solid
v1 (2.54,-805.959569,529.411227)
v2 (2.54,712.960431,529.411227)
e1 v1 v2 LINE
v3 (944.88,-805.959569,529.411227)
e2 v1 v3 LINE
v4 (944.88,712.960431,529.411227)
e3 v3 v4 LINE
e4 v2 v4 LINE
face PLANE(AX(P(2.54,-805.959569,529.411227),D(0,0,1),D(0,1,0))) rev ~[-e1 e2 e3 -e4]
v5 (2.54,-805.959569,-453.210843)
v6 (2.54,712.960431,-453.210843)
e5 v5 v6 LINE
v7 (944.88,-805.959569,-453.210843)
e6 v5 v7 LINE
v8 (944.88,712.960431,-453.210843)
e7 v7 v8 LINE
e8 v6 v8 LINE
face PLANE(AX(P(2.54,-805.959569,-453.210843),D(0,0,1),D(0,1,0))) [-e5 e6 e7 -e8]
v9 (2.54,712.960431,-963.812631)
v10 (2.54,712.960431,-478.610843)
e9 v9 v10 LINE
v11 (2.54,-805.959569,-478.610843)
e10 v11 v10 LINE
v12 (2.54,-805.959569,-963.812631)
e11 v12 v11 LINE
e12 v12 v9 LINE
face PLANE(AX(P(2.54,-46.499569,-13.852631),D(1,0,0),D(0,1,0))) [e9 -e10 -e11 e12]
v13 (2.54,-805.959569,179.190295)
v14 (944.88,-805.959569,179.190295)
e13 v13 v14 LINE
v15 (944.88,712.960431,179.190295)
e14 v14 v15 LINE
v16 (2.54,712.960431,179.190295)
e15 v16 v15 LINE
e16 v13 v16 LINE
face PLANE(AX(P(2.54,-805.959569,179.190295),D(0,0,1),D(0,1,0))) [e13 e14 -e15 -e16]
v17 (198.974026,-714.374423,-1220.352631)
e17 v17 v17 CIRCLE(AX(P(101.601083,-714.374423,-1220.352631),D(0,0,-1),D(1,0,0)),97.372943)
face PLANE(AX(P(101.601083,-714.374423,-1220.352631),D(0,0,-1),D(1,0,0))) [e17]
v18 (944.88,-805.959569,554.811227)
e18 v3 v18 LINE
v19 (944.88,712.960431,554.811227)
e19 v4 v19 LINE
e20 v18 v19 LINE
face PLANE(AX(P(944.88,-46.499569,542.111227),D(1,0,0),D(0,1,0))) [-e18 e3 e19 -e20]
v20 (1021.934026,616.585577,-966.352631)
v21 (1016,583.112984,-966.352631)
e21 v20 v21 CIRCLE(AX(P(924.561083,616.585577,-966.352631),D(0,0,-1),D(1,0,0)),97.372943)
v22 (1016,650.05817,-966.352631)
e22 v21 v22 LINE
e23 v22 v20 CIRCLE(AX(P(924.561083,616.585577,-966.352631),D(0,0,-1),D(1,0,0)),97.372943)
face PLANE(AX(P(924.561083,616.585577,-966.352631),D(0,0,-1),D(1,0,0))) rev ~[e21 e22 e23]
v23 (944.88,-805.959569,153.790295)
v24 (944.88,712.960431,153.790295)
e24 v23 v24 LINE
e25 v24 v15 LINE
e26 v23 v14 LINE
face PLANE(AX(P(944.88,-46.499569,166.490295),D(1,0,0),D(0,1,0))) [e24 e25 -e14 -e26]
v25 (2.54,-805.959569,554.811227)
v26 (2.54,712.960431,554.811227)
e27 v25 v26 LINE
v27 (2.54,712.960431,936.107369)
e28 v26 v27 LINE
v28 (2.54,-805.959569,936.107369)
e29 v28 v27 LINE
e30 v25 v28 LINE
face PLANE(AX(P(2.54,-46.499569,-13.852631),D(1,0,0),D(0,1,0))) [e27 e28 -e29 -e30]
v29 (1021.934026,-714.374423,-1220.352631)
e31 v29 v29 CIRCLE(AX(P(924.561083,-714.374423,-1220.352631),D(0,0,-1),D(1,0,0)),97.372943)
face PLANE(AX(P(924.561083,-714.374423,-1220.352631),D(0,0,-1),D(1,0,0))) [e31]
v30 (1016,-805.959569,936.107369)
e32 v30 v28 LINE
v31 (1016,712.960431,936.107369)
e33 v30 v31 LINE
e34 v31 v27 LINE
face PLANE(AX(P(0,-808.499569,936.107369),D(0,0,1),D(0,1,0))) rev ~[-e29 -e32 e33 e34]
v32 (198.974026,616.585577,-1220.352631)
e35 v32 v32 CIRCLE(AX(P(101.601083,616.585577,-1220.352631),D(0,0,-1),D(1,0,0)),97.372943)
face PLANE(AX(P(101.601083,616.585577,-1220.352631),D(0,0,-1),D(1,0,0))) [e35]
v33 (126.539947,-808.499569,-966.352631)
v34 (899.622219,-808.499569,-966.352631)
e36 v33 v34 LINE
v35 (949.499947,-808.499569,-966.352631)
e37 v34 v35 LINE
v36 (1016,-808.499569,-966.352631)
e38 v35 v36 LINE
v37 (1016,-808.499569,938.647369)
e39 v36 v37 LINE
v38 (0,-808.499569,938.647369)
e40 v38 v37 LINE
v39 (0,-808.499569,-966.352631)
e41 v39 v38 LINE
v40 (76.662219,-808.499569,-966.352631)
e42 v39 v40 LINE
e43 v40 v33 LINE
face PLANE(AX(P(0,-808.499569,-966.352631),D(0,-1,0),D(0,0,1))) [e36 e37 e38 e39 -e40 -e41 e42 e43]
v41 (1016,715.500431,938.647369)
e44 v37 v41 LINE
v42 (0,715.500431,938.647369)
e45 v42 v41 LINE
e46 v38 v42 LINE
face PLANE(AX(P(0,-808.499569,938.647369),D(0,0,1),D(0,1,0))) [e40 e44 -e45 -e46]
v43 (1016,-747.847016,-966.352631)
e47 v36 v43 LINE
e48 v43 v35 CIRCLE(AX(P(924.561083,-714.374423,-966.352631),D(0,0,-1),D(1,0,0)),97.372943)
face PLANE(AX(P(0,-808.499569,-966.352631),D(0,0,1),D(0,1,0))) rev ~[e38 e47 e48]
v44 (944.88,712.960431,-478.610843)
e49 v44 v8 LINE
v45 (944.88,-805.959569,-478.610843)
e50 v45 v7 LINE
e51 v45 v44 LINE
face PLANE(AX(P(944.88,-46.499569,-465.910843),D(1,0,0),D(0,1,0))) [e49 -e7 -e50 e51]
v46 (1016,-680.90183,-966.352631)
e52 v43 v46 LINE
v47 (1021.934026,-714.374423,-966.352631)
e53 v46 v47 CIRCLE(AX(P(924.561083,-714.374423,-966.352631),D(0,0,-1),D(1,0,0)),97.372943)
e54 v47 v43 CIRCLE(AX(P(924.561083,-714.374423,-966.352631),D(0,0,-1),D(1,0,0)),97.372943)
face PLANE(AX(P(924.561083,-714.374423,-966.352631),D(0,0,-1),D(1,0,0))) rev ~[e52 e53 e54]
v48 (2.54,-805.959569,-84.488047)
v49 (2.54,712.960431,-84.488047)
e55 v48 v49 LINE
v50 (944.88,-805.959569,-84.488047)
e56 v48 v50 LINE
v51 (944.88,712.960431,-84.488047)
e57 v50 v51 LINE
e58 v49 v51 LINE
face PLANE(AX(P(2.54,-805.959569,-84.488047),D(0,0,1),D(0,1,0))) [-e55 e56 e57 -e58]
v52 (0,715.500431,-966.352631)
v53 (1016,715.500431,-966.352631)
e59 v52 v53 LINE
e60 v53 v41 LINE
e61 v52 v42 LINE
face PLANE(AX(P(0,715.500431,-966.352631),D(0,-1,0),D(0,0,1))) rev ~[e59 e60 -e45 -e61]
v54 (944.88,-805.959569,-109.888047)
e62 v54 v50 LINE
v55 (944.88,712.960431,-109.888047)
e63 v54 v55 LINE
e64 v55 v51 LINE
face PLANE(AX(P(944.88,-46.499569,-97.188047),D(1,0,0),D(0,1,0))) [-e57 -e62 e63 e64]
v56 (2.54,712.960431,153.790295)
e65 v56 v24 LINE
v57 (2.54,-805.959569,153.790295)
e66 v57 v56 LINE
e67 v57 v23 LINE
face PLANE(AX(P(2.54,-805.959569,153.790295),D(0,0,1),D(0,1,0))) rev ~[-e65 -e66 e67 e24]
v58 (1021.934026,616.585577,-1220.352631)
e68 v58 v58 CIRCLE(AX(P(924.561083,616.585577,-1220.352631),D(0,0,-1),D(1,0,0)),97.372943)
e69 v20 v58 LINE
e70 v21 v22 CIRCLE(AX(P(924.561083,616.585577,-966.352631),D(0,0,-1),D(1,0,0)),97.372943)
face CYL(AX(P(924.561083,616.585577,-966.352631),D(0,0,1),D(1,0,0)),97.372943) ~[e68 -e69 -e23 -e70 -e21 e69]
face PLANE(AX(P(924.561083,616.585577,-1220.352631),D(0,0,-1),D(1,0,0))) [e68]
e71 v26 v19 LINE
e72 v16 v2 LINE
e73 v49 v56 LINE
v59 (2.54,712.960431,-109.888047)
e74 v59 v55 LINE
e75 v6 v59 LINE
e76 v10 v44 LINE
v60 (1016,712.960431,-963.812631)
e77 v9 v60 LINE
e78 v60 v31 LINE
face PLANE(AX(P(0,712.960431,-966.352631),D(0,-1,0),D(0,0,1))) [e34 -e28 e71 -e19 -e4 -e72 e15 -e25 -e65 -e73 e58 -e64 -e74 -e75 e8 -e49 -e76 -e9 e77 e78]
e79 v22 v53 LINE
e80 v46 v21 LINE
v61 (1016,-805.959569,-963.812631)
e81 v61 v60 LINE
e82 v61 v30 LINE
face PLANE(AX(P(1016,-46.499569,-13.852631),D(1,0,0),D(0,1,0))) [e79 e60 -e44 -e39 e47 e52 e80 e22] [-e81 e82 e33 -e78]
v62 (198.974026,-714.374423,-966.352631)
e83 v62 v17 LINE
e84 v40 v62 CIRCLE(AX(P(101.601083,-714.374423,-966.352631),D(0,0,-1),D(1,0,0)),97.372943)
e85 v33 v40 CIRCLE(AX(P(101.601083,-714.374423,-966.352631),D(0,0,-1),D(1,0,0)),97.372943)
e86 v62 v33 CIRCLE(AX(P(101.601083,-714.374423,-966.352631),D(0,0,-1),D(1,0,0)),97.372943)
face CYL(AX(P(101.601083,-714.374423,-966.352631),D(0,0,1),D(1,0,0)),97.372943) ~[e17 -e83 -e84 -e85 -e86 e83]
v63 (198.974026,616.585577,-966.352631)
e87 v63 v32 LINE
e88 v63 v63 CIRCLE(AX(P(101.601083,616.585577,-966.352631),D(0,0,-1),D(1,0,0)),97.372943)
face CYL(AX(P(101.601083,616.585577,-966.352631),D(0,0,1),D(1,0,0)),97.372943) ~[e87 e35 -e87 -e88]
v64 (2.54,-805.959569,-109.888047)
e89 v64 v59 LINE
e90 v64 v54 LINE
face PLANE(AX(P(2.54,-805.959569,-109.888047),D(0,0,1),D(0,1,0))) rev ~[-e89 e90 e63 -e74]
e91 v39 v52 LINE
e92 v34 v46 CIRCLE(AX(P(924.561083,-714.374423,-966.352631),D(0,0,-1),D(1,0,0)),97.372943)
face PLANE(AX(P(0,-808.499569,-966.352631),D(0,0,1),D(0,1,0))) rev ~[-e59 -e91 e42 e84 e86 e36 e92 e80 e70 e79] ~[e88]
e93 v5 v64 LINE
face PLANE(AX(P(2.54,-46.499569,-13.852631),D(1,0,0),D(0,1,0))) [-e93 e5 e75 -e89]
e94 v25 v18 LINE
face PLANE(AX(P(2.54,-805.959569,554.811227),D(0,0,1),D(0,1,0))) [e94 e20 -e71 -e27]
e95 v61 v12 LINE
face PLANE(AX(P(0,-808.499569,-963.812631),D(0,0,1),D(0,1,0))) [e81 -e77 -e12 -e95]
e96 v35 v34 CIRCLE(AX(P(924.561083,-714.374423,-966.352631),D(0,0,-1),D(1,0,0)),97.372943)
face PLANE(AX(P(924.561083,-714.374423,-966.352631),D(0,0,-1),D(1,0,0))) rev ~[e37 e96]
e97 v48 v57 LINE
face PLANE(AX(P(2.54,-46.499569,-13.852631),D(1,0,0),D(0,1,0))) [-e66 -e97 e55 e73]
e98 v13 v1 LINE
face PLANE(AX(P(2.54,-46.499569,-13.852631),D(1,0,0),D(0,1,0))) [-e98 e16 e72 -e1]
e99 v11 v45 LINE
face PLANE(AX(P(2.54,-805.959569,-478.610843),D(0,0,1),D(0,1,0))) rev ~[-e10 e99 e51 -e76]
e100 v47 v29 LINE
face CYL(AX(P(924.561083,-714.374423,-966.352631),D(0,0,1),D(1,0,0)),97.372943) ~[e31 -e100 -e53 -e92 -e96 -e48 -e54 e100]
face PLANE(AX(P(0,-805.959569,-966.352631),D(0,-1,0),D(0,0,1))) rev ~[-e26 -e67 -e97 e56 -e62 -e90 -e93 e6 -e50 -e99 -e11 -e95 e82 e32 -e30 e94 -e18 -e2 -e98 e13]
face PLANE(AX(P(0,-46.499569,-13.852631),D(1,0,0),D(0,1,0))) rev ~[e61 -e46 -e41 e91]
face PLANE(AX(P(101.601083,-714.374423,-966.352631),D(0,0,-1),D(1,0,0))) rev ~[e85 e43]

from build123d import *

# Parameters (mm, degrees)
F0_W     = 1524
F0_H     = 1905
F1_DEPTH = 1016
F2_T     = -2.54
F3_W     = 1518.92
F3_H     = 25.4
F4_DEPTH = 942.34
F5_R     = 97.372943
F6_DEPTH = 254


with BuildPart() as f1:
    # F0 (on Right) → F1 (new body)
    with BuildSketch(Plane.YZ):
        with Locations((-46.499569, -13.852631)):
            Rectangle(F0_W, F0_H)
    extrude(amount=F1_DEPTH)

    # F2
    f2_openings = [f1.faces().sort_by_distance(p)[0] for p in [
        (1016, -46.499569, -13.852631),
    ]]
    offset(amount=F2_T, openings=f2_openings)

    # F3 (on face) → F4 (join)
    with BuildSketch(Plane.YZ.offset(2.54)):
        with Locations((-46.499569, -465.910843)):
            Rectangle(F3_W, F3_H)
        with Locations((-46.499569, 542.111227)):
            Rectangle(F3_W, F3_H)
        with Locations((-46.499569, 166.490295)):
            Rectangle(F3_W, F3_H)
        with Locations((-46.499569, -97.188047)):
            Rectangle(F3_W, F3_H)
    extrude(amount=F4_DEPTH)

    # F5 (on face) → F6 (join)
    with BuildSketch(Plane(origin=(0, 0, -966.352631), x_dir=(1, 0, 0), z_dir=(0, 0, -1))):
        with Locations((924.561083, 714.374423)):
            Circle(F5_R)
        with Locations((924.561083, -616.585577)):
            Circle(F5_R)
        with Locations((101.601083, 714.374423)):
            Circle(F5_R)
        with Locations((101.601083, -616.585577)):
            Circle(F5_R)
    extrude(amount=F6_DEPTH)


solid = f1.part
